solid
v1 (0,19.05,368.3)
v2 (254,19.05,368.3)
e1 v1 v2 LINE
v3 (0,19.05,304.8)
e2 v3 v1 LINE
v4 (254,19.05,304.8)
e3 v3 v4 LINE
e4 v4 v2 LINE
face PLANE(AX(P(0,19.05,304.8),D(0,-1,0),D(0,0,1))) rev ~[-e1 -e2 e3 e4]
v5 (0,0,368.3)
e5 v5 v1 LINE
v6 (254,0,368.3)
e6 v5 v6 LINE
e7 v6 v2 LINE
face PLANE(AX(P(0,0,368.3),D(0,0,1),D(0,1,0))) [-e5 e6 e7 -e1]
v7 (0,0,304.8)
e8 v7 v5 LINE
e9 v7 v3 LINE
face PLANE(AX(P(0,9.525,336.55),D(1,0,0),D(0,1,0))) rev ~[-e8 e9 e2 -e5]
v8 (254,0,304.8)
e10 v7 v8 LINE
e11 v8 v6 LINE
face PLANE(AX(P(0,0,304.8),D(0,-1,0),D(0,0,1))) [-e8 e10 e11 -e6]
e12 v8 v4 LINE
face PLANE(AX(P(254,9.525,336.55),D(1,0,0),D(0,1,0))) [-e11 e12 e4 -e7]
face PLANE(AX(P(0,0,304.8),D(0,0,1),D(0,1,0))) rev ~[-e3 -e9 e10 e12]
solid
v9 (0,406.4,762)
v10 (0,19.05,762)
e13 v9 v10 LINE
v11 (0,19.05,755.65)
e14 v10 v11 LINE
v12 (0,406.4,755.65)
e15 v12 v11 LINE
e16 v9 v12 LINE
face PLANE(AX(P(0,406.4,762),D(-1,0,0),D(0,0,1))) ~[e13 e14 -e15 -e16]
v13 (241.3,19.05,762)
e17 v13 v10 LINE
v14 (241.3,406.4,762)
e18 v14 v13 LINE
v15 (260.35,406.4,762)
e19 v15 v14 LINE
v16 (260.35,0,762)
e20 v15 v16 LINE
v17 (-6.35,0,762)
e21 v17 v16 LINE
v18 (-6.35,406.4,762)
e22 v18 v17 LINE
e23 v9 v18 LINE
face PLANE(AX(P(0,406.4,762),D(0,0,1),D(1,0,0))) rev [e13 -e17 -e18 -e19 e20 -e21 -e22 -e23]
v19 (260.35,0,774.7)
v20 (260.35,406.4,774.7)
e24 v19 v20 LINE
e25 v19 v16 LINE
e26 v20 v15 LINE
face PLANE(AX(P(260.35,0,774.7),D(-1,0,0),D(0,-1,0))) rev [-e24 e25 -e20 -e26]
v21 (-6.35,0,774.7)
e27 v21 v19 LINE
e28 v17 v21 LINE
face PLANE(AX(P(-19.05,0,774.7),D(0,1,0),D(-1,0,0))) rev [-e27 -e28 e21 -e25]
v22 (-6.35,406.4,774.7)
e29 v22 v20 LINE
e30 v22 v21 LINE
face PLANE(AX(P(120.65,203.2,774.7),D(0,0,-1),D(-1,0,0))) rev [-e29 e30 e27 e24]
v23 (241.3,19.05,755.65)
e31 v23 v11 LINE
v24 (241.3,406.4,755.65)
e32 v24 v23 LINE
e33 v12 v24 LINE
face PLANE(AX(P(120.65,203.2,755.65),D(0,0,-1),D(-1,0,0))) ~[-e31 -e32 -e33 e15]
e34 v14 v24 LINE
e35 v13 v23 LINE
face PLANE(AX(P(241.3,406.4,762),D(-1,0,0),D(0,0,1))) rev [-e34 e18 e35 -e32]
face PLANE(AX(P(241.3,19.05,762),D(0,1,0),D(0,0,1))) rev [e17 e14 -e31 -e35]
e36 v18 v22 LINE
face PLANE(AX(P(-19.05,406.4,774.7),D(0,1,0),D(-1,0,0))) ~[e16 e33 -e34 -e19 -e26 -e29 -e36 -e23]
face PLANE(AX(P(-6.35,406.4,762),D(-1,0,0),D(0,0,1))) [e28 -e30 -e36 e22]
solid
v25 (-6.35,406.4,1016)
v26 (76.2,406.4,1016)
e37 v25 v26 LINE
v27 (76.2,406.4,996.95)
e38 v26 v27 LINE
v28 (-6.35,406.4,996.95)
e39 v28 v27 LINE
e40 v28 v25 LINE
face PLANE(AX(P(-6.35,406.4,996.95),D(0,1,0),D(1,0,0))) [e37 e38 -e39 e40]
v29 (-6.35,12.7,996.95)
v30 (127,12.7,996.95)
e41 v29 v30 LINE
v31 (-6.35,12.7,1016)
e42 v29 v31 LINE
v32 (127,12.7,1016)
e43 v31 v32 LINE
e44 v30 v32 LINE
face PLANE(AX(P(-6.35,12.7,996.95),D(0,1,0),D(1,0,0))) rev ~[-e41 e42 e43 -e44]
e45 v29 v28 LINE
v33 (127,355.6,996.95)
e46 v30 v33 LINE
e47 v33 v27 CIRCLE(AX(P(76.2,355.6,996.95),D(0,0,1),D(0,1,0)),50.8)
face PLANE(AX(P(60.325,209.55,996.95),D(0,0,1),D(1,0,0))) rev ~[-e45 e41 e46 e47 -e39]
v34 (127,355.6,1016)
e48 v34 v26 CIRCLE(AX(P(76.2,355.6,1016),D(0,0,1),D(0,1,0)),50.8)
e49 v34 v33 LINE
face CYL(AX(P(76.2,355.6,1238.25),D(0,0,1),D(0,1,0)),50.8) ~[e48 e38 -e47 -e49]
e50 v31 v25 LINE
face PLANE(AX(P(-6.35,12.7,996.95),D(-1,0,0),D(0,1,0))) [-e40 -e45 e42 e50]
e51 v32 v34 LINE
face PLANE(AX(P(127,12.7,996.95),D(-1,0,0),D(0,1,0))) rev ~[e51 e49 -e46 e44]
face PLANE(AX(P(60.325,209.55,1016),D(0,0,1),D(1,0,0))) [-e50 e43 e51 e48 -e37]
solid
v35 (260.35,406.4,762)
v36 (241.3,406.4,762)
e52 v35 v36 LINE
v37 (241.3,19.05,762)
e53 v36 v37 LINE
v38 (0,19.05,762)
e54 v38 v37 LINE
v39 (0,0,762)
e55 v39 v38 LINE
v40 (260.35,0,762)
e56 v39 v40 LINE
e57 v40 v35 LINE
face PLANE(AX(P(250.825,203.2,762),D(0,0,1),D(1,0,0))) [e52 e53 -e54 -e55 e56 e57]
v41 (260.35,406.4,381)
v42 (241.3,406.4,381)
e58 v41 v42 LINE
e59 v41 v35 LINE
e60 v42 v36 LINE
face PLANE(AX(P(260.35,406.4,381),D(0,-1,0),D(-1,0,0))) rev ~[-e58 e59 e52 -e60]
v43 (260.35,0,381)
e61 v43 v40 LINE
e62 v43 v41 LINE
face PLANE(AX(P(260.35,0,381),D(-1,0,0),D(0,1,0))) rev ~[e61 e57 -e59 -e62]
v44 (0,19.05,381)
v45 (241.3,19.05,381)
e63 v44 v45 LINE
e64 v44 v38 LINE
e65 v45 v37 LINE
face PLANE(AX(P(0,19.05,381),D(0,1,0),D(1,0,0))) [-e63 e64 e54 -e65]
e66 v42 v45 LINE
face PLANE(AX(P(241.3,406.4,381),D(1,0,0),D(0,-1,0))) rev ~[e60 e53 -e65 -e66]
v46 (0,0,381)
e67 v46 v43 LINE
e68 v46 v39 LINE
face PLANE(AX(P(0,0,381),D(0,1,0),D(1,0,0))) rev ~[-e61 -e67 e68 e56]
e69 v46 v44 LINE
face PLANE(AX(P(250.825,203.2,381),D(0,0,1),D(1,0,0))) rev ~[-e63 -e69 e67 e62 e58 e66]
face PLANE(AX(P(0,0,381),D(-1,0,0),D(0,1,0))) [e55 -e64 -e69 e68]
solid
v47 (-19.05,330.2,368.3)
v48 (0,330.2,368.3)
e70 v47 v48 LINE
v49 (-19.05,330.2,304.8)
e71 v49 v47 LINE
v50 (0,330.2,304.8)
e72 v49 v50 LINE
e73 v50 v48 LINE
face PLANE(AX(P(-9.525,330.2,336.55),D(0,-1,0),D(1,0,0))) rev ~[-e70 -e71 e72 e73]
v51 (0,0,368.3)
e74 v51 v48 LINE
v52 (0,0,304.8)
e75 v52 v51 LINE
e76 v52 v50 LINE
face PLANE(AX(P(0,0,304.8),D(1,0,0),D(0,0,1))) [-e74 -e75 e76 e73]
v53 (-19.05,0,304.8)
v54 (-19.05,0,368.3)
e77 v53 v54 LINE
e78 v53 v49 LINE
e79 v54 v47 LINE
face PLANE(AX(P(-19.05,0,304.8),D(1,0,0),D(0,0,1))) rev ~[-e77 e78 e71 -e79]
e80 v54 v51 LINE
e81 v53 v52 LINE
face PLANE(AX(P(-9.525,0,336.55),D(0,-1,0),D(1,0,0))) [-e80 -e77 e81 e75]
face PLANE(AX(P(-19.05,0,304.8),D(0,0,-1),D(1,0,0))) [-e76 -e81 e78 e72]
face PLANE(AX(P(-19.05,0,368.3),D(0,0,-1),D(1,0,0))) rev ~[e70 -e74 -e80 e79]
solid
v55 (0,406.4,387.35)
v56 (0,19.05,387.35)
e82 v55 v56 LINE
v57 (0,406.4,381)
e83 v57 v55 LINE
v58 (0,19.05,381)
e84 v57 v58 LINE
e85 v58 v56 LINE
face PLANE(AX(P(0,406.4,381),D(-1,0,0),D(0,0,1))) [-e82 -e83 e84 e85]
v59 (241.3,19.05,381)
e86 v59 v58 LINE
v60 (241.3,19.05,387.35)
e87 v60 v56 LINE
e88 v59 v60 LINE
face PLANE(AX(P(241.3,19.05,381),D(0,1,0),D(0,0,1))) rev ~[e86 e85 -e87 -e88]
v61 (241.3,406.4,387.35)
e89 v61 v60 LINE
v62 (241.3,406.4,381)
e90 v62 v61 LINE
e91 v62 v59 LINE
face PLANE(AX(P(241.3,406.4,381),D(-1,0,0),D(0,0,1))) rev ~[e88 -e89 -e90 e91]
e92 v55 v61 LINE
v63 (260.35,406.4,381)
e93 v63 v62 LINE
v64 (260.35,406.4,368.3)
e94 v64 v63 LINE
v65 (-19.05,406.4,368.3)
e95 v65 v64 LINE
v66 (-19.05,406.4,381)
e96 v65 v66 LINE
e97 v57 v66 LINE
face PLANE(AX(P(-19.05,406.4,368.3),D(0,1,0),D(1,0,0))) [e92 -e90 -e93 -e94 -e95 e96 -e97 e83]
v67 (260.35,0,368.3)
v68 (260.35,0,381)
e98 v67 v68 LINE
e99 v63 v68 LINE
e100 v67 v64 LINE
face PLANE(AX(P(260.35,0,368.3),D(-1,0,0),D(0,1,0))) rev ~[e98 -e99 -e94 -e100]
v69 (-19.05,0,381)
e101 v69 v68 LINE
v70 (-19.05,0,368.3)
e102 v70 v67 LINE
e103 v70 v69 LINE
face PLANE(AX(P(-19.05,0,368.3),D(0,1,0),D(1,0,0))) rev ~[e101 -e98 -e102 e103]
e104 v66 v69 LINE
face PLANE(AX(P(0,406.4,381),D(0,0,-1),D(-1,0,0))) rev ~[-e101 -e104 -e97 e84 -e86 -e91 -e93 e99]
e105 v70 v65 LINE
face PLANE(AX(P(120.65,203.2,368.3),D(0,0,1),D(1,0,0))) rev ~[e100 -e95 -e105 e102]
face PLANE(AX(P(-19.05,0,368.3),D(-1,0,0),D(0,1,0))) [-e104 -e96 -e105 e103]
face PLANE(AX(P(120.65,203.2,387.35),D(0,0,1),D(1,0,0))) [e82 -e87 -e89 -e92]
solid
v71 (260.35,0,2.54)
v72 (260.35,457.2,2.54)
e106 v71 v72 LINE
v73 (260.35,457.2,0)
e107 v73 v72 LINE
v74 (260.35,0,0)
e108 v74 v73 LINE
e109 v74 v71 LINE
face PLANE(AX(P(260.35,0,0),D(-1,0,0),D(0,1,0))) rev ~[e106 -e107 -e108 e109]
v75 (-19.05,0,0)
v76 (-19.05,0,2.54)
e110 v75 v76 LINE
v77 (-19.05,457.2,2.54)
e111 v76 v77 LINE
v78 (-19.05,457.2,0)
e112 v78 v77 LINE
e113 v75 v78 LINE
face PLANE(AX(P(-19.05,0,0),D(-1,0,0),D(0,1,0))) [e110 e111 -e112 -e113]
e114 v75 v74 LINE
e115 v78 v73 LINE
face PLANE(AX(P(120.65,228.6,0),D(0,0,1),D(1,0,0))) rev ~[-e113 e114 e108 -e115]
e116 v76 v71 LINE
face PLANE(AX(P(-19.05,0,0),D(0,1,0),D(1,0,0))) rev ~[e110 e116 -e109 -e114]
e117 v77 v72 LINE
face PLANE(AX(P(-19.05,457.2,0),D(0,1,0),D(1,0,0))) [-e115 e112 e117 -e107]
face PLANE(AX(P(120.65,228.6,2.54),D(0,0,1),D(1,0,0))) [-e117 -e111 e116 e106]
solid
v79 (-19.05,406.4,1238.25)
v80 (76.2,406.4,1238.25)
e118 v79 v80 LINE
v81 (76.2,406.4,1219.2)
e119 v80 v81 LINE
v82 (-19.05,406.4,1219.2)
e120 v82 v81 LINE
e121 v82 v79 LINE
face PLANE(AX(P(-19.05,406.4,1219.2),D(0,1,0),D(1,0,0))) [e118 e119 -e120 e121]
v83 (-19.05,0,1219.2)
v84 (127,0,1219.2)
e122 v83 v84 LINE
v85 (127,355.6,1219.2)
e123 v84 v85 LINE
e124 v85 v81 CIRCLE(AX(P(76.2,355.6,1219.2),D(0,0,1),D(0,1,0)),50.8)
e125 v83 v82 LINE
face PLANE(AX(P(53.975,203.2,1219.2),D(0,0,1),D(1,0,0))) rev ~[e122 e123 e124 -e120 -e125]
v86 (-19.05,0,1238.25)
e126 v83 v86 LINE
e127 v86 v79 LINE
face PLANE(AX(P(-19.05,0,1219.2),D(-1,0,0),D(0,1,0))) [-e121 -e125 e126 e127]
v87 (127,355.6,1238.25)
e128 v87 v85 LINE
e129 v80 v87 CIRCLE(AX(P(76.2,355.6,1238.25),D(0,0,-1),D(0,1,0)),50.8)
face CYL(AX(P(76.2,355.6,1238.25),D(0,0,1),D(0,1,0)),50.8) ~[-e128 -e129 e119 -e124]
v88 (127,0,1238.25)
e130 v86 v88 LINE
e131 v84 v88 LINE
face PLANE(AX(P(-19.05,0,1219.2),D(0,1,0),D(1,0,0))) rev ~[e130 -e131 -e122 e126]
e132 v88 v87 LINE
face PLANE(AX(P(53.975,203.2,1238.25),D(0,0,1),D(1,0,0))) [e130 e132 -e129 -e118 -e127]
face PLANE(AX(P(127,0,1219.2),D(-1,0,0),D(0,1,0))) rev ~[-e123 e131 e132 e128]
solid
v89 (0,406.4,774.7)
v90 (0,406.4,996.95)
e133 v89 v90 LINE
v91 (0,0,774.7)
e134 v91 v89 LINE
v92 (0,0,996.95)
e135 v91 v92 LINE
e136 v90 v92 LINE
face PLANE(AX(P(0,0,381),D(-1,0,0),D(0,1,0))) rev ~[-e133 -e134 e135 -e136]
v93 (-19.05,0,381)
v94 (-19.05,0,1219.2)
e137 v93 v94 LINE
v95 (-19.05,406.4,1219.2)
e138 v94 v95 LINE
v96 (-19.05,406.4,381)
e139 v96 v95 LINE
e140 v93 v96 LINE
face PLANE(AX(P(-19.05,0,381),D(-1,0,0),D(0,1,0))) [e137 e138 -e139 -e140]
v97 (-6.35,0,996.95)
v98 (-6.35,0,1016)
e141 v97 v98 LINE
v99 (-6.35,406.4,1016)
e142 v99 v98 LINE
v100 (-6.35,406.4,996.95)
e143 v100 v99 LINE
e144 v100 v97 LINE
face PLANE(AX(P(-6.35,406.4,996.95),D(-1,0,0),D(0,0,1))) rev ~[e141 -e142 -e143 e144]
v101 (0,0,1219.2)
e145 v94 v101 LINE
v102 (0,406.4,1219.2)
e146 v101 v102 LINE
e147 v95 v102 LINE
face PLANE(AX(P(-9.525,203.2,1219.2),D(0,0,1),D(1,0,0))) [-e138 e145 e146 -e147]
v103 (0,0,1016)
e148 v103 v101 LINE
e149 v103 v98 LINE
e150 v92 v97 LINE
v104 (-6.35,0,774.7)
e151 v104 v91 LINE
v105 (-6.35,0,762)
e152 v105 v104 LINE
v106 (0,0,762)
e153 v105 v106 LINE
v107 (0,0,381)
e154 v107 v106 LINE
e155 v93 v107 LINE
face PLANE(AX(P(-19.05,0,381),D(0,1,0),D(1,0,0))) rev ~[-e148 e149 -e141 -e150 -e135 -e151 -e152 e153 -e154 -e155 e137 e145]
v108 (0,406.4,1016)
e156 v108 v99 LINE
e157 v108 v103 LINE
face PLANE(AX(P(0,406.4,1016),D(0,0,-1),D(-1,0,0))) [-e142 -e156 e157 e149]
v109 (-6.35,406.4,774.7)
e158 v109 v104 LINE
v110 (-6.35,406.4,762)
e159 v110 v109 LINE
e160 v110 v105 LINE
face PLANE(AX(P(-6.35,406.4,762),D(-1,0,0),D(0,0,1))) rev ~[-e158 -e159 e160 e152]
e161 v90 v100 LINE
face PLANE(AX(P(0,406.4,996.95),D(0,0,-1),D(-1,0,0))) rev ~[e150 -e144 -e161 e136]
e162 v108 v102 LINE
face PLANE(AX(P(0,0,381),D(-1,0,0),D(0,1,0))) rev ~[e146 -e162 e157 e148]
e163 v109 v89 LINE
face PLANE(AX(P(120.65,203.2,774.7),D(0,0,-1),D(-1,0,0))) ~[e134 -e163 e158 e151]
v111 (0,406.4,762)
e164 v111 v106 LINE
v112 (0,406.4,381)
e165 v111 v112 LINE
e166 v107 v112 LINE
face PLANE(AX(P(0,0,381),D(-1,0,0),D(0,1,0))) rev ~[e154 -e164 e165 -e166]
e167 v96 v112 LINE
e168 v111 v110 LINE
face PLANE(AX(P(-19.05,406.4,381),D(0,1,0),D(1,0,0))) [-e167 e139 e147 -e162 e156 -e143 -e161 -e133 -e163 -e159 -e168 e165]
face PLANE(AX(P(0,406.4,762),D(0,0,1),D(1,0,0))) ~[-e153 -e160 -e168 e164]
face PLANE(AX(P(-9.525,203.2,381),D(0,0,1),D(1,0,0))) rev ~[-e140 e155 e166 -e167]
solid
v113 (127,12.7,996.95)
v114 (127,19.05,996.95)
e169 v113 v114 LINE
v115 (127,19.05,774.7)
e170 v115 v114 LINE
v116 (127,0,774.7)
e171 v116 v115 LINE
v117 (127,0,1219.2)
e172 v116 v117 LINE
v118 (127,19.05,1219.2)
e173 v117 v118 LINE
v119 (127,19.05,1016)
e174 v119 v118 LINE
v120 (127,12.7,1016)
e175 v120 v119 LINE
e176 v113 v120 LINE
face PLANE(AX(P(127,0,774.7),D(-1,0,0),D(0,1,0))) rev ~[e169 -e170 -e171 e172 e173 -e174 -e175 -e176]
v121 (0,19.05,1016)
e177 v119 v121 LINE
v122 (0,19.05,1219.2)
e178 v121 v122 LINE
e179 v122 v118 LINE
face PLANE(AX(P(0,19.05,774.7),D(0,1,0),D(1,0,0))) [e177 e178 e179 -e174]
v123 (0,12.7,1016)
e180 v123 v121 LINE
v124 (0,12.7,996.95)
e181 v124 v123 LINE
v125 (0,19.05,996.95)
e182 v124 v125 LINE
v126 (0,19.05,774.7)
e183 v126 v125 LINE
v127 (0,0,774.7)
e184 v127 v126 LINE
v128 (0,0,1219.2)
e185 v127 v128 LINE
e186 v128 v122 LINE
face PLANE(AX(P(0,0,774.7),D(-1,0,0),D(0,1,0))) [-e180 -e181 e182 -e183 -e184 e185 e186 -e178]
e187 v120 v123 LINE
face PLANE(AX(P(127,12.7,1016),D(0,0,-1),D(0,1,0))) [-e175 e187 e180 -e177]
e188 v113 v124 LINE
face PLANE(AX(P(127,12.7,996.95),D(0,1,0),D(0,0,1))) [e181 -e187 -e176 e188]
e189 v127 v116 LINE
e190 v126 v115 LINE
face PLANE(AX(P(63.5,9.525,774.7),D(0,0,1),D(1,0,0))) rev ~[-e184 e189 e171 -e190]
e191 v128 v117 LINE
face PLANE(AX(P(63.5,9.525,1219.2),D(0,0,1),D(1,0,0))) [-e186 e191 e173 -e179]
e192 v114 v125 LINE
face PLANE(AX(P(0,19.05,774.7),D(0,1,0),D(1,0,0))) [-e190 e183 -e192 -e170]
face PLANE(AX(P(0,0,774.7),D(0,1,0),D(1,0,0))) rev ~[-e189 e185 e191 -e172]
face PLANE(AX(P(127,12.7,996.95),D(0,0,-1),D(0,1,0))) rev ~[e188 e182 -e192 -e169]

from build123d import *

# Parameters (mm, degrees)
F0_W      = 19.05
F0_H      = 63.5
F1_DEPTH  = 330.2
F2_W      = 19.05
F2_H      = 63.5
F3_DEPTH  = 254
F4_W      = 279.4
F4_H      = 406.4
F5_DEPTH  = 19.05
F6_W      = 19.05
F6_H      = 6.35
F7_DEPTH  = 406.4
F8_W      = 19.05
F8_H      = 6.35
F9_DEPTH  = 241.3
F10_W     = 241.3
F10_H     = 19.05
F11_DEPTH = 381
F14_W     = 12.7
F14_H     = 12.7
F15_DEPTH = 406.4
F16_W     = 19.05
F16_H     = 406.4
F17_DEPTH = 838.2
F19_W     = 6.35
F19_H     = 19.05
F20_DEPTH = 406.4
F21_W     = 127
F21_H     = 19.05
F22_DEPTH = 444.5
F23_W     = 6.35
F23_H     = 19.05
F24_DEPTH = 127
F25_W     = 133.35
F25_H     = 393.7
F26_DEPTH = 19.05
F27_W     = 146.05
F27_H     = 406.4
F28_DEPTH = 19.05
F29_W     = 279.4
F29_H     = 457.2
F30_DEPTH = 2.54
F32_DEPTH = 254


with BuildPart() as f1:
    # F0 (on Front) → F1 (new body)
    with BuildSketch(Plane.XZ):
        with Locations((-9.525, 336.55)):
            Rectangle(F0_W, F0_H)
    extrude(amount=-F1_DEPTH)


with BuildPart() as f3:
    # F2 (on face) → F3 (new body)
    with BuildSketch(Plane.YZ):
        with Locations((9.525, 336.55)):
            Rectangle(F2_W, F2_H)
    extrude(amount=F3_DEPTH)


with BuildPart() as f5:
    # F4 (on face) → F5 (new body)
    with BuildSketch(Plane.XY.offset(368.3)):
        with Locations((120.65, 203.2)):
            Rectangle(F4_W, F4_H)
    extrude(amount=F5_DEPTH)

    # F6 (on face) → F7 (cut, through all)
    with BuildSketch(Plane(origin=(0, 406.4, 0), x_dir=(-1, 0, 0), z_dir=(0, 1, 0))):
        with Locations((9.525, 384.175)):
            Rectangle(F6_W, F6_H)
        with Locations((-250.825, 384.175)):
            Rectangle(F6_W, F6_H)
    extrude(amount=-F7_DEPTH, mode=Mode.SUBTRACT)

    # F8 (on face) → F9 (cut, through all)
    with BuildSketch(Plane.YZ.offset(241.3)):
        with Locations((9.525, 384.175)):
            Rectangle(F8_W, F8_H)
    extrude(amount=-F9_DEPTH, mode=Mode.SUBTRACT)


with BuildPart() as f11:
    # F10 (on face) → F11 (new body)
    with BuildSketch(Plane.XY.offset(381)):
        Polygon((241.3, 0), (260.35, 0), (260.35, 406.4), (241.3, 406.4), (241.3, 19.05), align=None)
        with Locations((120.65, 9.525)):
            Rectangle(F10_W, F10_H)
    extrude(amount=F11_DEPTH)


with BuildPart() as f13_1:
    # F13: instance of F5
    add(f5.part.mirror(Plane(origin=(202.3284313725, 131.0465686275, 571.5), x_dir=(1, 0, 0), z_dir=(0, 0, 1))))

    # F14 (on face) → F15 (cut, through all)
    with BuildSketch(Plane(origin=(0, 406.4, 0), x_dir=(-1, 0, 0), z_dir=(0, 1, 0))):
        with Locations((12.7, 768.35)):
            Rectangle(F14_W, F14_H)
    extrude(amount=-F15_DEPTH, mode=Mode.SUBTRACT)


with BuildPart() as f17:
    # F16 (on face) → F17 (new body)
    with BuildSketch(Plane.XY.offset(381)):
        with Locations((-9.525, 203.2)):
            Rectangle(F16_W, F16_H)
    extrude(amount=F17_DEPTH)

    # F18: cut F13_1
    add(f13_1.part, mode=Mode.SUBTRACT)

    # F19 (on face) → F20 (cut, through all)
    with BuildSketch(Plane(origin=(0, 406.4, 0), x_dir=(-1, 0, 0), z_dir=(0, 1, 0))):
        with Locations((3.175, 1006.475)):
            Rectangle(F19_W, F19_H)
    extrude(amount=-F20_DEPTH, mode=Mode.SUBTRACT)


with BuildPart() as f22:
    # F21 (on face) → F22 (new body, through all)
    with BuildSketch(Plane.XY.offset(774.7)):
        with Locations((63.5, 9.525)):
            Rectangle(F21_W, F21_H)
    extrude(amount=F22_DEPTH)

    # F23 (on face) → F24 (cut, through all)
    with BuildSketch(Plane.YZ.offset(127)):
        with Locations((15.875, 1006.475)):
            Rectangle(F23_W, F23_H)
    extrude(amount=-F24_DEPTH, mode=Mode.SUBTRACT)


with BuildPart() as f26:
    # F25 (on face) → F26 (new body)
    with BuildSketch(Plane.XY.offset(996.95)):
        with Locations((60.325, 209.55)):
            Rectangle(F25_W, F25_H)
    extrude(amount=F26_DEPTH)


with BuildPart() as f28:
    # F27 (on face) → F28 (new body)
    with BuildSketch(Plane.XY.offset(1219.2)):
        with Locations((53.975, 203.2)):
            Rectangle(F27_W, F27_H)
    extrude(amount=F28_DEPTH)


with BuildPart() as f30:
    # F29 (on Top) → F30 (new body)
    with BuildSketch(Plane.XY):
        with Locations((120.65, 228.6)):
            Rectangle(F29_W, F29_H)
    extrude(amount=F30_DEPTH)


with BuildPart() as f32_tool:
    # F31 (on face) → F32 (new body)
    with BuildSketch(Plane.XY.offset(1238.25)):
        with BuildLine():
            Line((127, 355.6), (127, 406.4))
            Line((127, 406.4), (76.2, 406.4))
            ThreePointArc((76.2, 406.4), (112.1210244843, 391.5210244843), (127, 355.6))
        make_face()
    extrude(amount=-F32_DEPTH)


with BuildPart() as f26_1:
    add(f26.part)

    # F32: cut by f32_tool
    add(f32_tool.part, mode=Mode.SUBTRACT)


with BuildPart() as f28_1:
    add(f28.part)

    # F32: cut by f32_tool
    add(f32_tool.part, mode=Mode.SUBTRACT)


with BuildPart() as f22_1:
    add(f22.part)

    # F33: cut F26
    add(f26_1.part, mode=Mode.SUBTRACT)


solid = Compound([f1.part, f3.part, f5.part, f11.part, f13_1.part, f17.part, f30.part, f26_1.part, f28_1.part, f22_1.part])
